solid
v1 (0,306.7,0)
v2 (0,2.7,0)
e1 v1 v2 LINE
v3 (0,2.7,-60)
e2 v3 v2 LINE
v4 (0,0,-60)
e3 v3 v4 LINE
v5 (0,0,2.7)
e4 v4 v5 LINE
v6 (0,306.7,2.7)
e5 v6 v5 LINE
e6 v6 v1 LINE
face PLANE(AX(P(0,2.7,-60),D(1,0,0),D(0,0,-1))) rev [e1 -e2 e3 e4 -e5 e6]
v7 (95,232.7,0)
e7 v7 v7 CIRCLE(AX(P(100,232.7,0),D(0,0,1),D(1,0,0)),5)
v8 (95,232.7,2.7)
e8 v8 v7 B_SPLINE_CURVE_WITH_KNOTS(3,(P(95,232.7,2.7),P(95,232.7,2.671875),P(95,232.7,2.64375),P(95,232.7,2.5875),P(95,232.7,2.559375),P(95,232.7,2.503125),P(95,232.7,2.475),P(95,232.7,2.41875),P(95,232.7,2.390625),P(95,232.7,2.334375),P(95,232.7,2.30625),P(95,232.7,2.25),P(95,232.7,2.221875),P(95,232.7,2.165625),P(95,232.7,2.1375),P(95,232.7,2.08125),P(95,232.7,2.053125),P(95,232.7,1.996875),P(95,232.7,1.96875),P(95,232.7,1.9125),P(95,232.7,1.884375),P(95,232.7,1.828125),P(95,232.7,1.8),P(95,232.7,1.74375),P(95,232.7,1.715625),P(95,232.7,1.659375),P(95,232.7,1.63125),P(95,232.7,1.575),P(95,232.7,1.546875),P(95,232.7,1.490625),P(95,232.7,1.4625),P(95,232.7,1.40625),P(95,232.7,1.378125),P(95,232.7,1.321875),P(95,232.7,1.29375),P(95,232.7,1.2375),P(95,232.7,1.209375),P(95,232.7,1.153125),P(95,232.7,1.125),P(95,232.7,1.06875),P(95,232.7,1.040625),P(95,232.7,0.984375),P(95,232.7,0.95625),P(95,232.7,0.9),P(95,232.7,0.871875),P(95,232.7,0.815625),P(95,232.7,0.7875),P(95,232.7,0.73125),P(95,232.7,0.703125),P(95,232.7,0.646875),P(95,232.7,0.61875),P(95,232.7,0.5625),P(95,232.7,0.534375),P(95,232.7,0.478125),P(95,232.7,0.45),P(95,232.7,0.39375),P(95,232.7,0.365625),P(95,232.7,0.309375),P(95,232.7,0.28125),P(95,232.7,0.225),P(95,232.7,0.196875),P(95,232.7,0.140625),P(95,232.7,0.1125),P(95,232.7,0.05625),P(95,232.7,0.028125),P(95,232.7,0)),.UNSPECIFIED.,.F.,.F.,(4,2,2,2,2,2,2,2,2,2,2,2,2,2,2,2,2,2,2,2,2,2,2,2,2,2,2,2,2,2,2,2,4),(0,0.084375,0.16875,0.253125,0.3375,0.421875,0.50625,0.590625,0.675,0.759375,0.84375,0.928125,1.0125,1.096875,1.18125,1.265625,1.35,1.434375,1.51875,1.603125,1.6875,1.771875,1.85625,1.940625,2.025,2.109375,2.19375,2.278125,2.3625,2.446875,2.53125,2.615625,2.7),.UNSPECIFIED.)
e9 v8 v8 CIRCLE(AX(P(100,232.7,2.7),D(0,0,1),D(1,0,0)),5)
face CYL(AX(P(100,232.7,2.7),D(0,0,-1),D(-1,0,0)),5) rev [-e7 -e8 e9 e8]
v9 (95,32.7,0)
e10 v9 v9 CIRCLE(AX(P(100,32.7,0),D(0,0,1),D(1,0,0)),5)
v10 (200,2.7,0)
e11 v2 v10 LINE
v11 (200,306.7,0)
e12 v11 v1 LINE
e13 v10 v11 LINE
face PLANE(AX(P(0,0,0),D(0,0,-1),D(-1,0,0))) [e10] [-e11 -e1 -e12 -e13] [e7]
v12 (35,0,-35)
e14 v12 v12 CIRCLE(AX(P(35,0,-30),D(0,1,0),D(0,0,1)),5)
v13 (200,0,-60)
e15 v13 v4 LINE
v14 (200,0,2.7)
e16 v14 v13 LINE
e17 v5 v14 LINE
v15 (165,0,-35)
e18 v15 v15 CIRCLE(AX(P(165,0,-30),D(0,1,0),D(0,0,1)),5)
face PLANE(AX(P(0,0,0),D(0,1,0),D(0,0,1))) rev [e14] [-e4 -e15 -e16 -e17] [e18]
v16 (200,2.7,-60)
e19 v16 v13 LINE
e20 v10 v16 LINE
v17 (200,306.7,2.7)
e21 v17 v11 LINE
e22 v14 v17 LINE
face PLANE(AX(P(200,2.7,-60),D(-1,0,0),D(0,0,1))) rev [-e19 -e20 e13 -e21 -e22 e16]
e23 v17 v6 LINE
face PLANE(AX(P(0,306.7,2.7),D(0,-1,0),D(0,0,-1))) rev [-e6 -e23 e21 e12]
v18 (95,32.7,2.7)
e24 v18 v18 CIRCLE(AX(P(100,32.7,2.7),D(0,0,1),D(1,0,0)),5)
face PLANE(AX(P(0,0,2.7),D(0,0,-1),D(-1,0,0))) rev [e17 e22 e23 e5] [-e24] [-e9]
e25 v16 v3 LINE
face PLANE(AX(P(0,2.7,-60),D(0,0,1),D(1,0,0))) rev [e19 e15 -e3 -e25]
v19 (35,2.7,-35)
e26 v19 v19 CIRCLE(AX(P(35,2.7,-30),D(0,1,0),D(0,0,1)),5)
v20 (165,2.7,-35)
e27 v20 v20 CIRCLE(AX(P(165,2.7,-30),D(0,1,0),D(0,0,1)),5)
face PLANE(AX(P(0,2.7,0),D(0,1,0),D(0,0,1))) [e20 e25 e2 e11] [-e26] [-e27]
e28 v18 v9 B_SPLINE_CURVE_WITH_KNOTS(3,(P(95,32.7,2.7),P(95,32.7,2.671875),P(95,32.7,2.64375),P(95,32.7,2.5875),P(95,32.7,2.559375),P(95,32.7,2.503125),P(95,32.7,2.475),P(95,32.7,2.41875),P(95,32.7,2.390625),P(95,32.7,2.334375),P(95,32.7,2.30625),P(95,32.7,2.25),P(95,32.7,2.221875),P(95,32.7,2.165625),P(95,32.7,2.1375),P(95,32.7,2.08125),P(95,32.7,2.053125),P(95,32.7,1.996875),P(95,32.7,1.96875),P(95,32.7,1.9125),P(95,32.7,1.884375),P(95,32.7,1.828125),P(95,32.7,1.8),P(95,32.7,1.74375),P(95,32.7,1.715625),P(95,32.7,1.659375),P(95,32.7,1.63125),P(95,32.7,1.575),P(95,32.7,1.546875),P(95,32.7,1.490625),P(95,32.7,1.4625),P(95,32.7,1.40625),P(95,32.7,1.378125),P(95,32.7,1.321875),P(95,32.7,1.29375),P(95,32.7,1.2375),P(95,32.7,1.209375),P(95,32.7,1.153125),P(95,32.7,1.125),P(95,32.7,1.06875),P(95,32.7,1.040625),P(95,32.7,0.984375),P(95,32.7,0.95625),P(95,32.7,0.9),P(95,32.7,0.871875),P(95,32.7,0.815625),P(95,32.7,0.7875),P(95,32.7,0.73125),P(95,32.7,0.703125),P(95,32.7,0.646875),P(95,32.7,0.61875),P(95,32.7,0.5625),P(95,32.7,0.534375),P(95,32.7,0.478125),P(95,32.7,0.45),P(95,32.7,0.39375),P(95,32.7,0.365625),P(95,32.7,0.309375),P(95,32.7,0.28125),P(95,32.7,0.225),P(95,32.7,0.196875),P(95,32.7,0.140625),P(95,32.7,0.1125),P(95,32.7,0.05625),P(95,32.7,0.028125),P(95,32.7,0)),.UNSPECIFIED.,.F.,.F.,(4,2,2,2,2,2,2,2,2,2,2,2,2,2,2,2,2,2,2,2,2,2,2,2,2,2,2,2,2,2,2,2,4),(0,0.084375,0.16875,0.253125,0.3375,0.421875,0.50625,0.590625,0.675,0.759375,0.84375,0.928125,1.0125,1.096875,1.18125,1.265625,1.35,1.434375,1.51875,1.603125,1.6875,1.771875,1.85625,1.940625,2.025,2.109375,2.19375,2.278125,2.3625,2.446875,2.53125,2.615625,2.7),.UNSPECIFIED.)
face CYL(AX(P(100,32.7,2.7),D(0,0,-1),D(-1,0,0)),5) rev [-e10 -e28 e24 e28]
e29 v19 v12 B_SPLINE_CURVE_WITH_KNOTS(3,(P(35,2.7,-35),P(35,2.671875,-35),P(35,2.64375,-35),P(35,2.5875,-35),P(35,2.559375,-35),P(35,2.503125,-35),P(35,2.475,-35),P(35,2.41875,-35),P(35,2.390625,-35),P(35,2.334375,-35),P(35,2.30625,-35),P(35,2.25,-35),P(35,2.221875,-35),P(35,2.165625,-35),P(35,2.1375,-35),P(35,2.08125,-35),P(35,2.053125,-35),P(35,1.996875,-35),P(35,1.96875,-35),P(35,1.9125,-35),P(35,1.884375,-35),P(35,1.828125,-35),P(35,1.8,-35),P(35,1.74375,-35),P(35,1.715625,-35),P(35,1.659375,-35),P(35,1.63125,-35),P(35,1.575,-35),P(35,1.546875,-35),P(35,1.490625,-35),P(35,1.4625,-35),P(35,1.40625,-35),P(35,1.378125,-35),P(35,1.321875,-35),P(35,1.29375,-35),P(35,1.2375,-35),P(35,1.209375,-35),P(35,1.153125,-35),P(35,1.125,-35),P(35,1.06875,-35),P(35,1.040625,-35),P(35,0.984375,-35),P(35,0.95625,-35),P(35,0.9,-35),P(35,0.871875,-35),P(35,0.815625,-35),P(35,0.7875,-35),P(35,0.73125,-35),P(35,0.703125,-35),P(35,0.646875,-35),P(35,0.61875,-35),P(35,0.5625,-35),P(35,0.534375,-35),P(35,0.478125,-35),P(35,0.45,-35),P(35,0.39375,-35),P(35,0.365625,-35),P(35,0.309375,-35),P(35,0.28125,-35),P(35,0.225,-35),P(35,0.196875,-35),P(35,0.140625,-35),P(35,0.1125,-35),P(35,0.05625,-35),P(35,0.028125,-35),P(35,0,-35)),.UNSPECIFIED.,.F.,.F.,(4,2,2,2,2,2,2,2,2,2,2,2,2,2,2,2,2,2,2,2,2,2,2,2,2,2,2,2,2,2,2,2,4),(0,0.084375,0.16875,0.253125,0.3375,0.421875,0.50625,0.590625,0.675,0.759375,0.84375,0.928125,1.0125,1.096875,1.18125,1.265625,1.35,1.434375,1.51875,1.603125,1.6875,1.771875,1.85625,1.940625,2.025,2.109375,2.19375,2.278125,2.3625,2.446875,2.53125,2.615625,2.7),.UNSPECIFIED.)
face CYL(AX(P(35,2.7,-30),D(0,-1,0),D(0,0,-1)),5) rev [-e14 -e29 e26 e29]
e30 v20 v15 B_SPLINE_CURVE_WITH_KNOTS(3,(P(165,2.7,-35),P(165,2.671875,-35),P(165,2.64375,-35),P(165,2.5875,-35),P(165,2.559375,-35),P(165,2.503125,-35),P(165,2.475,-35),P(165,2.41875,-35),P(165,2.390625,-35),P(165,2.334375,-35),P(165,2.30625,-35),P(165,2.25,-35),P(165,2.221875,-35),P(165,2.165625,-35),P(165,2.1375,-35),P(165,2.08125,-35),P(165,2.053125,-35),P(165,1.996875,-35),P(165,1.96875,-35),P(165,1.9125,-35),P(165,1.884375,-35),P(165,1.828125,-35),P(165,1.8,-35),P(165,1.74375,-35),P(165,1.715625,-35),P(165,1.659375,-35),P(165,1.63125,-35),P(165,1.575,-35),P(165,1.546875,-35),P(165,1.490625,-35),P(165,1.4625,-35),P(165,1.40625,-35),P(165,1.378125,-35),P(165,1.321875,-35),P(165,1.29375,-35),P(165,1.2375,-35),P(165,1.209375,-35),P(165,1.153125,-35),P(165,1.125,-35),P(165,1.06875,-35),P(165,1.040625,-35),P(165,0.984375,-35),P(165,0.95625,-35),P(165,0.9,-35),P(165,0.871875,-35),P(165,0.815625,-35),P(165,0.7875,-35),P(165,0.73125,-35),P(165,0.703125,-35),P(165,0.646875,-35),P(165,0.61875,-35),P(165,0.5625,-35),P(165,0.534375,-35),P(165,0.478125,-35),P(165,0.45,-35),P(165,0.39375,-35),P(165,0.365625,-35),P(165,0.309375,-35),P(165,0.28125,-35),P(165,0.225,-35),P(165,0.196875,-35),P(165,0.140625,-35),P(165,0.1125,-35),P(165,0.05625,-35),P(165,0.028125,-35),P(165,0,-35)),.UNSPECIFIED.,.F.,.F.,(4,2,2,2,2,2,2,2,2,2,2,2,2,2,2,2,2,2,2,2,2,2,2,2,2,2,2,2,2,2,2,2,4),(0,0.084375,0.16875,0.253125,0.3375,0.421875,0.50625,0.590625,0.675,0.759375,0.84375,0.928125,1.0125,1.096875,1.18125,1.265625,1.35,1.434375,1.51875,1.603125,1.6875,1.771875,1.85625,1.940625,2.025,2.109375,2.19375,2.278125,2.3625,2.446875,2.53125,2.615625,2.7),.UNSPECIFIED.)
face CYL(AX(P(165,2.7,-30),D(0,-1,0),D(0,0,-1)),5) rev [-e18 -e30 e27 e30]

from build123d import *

# Parameters (mm, degrees)
SKETCH1_W           = 200
SKETCH1_H           = 60
SKETCH1_R           = 5
BOSS_EXTRUDE1_DEPTH = 2.7
SKETCH2_W           = 200
SKETCH2_H           = 306.7
SKETCH2_R           = 5
BOSS_EXTRUDE2_DEPTH = 2.7


with BuildPart() as part:
    # Sketch1 → Boss-Extrude1 (new body)
    with BuildSketch(Plane(origin=(0, 0, 0), x_dir=(1, 0, 0), z_dir=(0, 1, 0))):
        with Locations((100, 30)):
            Rectangle(SKETCH1_W, SKETCH1_H)
        with Locations(Location((35, 30, 0), (0, 0, 90))):
            Circle(SKETCH1_R, mode=Mode.SUBTRACT)
        with Locations(Location((165, 30, 0), (0, 0, 90))):
            Circle(SKETCH1_R, mode=Mode.SUBTRACT)
    extrude(amount=BOSS_EXTRUDE1_DEPTH)

    # Sketch2 → Boss-Extrude2 (add)
    with BuildSketch(Plane.XY):
        with Locations((100, 153.35)):
            Rectangle(SKETCH2_W, SKETCH2_H)
        with Locations(Location((100, 32.7, 0), (0, 0, 180))):
            Circle(SKETCH2_R, mode=Mode.SUBTRACT)
        with Locations(Location((100, 232.7, 0), (0, 0, 180))):
            Circle(SKETCH2_R, mode=Mode.SUBTRACT)
    extrude(amount=BOSS_EXTRUDE2_DEPTH)


solid = part.part
